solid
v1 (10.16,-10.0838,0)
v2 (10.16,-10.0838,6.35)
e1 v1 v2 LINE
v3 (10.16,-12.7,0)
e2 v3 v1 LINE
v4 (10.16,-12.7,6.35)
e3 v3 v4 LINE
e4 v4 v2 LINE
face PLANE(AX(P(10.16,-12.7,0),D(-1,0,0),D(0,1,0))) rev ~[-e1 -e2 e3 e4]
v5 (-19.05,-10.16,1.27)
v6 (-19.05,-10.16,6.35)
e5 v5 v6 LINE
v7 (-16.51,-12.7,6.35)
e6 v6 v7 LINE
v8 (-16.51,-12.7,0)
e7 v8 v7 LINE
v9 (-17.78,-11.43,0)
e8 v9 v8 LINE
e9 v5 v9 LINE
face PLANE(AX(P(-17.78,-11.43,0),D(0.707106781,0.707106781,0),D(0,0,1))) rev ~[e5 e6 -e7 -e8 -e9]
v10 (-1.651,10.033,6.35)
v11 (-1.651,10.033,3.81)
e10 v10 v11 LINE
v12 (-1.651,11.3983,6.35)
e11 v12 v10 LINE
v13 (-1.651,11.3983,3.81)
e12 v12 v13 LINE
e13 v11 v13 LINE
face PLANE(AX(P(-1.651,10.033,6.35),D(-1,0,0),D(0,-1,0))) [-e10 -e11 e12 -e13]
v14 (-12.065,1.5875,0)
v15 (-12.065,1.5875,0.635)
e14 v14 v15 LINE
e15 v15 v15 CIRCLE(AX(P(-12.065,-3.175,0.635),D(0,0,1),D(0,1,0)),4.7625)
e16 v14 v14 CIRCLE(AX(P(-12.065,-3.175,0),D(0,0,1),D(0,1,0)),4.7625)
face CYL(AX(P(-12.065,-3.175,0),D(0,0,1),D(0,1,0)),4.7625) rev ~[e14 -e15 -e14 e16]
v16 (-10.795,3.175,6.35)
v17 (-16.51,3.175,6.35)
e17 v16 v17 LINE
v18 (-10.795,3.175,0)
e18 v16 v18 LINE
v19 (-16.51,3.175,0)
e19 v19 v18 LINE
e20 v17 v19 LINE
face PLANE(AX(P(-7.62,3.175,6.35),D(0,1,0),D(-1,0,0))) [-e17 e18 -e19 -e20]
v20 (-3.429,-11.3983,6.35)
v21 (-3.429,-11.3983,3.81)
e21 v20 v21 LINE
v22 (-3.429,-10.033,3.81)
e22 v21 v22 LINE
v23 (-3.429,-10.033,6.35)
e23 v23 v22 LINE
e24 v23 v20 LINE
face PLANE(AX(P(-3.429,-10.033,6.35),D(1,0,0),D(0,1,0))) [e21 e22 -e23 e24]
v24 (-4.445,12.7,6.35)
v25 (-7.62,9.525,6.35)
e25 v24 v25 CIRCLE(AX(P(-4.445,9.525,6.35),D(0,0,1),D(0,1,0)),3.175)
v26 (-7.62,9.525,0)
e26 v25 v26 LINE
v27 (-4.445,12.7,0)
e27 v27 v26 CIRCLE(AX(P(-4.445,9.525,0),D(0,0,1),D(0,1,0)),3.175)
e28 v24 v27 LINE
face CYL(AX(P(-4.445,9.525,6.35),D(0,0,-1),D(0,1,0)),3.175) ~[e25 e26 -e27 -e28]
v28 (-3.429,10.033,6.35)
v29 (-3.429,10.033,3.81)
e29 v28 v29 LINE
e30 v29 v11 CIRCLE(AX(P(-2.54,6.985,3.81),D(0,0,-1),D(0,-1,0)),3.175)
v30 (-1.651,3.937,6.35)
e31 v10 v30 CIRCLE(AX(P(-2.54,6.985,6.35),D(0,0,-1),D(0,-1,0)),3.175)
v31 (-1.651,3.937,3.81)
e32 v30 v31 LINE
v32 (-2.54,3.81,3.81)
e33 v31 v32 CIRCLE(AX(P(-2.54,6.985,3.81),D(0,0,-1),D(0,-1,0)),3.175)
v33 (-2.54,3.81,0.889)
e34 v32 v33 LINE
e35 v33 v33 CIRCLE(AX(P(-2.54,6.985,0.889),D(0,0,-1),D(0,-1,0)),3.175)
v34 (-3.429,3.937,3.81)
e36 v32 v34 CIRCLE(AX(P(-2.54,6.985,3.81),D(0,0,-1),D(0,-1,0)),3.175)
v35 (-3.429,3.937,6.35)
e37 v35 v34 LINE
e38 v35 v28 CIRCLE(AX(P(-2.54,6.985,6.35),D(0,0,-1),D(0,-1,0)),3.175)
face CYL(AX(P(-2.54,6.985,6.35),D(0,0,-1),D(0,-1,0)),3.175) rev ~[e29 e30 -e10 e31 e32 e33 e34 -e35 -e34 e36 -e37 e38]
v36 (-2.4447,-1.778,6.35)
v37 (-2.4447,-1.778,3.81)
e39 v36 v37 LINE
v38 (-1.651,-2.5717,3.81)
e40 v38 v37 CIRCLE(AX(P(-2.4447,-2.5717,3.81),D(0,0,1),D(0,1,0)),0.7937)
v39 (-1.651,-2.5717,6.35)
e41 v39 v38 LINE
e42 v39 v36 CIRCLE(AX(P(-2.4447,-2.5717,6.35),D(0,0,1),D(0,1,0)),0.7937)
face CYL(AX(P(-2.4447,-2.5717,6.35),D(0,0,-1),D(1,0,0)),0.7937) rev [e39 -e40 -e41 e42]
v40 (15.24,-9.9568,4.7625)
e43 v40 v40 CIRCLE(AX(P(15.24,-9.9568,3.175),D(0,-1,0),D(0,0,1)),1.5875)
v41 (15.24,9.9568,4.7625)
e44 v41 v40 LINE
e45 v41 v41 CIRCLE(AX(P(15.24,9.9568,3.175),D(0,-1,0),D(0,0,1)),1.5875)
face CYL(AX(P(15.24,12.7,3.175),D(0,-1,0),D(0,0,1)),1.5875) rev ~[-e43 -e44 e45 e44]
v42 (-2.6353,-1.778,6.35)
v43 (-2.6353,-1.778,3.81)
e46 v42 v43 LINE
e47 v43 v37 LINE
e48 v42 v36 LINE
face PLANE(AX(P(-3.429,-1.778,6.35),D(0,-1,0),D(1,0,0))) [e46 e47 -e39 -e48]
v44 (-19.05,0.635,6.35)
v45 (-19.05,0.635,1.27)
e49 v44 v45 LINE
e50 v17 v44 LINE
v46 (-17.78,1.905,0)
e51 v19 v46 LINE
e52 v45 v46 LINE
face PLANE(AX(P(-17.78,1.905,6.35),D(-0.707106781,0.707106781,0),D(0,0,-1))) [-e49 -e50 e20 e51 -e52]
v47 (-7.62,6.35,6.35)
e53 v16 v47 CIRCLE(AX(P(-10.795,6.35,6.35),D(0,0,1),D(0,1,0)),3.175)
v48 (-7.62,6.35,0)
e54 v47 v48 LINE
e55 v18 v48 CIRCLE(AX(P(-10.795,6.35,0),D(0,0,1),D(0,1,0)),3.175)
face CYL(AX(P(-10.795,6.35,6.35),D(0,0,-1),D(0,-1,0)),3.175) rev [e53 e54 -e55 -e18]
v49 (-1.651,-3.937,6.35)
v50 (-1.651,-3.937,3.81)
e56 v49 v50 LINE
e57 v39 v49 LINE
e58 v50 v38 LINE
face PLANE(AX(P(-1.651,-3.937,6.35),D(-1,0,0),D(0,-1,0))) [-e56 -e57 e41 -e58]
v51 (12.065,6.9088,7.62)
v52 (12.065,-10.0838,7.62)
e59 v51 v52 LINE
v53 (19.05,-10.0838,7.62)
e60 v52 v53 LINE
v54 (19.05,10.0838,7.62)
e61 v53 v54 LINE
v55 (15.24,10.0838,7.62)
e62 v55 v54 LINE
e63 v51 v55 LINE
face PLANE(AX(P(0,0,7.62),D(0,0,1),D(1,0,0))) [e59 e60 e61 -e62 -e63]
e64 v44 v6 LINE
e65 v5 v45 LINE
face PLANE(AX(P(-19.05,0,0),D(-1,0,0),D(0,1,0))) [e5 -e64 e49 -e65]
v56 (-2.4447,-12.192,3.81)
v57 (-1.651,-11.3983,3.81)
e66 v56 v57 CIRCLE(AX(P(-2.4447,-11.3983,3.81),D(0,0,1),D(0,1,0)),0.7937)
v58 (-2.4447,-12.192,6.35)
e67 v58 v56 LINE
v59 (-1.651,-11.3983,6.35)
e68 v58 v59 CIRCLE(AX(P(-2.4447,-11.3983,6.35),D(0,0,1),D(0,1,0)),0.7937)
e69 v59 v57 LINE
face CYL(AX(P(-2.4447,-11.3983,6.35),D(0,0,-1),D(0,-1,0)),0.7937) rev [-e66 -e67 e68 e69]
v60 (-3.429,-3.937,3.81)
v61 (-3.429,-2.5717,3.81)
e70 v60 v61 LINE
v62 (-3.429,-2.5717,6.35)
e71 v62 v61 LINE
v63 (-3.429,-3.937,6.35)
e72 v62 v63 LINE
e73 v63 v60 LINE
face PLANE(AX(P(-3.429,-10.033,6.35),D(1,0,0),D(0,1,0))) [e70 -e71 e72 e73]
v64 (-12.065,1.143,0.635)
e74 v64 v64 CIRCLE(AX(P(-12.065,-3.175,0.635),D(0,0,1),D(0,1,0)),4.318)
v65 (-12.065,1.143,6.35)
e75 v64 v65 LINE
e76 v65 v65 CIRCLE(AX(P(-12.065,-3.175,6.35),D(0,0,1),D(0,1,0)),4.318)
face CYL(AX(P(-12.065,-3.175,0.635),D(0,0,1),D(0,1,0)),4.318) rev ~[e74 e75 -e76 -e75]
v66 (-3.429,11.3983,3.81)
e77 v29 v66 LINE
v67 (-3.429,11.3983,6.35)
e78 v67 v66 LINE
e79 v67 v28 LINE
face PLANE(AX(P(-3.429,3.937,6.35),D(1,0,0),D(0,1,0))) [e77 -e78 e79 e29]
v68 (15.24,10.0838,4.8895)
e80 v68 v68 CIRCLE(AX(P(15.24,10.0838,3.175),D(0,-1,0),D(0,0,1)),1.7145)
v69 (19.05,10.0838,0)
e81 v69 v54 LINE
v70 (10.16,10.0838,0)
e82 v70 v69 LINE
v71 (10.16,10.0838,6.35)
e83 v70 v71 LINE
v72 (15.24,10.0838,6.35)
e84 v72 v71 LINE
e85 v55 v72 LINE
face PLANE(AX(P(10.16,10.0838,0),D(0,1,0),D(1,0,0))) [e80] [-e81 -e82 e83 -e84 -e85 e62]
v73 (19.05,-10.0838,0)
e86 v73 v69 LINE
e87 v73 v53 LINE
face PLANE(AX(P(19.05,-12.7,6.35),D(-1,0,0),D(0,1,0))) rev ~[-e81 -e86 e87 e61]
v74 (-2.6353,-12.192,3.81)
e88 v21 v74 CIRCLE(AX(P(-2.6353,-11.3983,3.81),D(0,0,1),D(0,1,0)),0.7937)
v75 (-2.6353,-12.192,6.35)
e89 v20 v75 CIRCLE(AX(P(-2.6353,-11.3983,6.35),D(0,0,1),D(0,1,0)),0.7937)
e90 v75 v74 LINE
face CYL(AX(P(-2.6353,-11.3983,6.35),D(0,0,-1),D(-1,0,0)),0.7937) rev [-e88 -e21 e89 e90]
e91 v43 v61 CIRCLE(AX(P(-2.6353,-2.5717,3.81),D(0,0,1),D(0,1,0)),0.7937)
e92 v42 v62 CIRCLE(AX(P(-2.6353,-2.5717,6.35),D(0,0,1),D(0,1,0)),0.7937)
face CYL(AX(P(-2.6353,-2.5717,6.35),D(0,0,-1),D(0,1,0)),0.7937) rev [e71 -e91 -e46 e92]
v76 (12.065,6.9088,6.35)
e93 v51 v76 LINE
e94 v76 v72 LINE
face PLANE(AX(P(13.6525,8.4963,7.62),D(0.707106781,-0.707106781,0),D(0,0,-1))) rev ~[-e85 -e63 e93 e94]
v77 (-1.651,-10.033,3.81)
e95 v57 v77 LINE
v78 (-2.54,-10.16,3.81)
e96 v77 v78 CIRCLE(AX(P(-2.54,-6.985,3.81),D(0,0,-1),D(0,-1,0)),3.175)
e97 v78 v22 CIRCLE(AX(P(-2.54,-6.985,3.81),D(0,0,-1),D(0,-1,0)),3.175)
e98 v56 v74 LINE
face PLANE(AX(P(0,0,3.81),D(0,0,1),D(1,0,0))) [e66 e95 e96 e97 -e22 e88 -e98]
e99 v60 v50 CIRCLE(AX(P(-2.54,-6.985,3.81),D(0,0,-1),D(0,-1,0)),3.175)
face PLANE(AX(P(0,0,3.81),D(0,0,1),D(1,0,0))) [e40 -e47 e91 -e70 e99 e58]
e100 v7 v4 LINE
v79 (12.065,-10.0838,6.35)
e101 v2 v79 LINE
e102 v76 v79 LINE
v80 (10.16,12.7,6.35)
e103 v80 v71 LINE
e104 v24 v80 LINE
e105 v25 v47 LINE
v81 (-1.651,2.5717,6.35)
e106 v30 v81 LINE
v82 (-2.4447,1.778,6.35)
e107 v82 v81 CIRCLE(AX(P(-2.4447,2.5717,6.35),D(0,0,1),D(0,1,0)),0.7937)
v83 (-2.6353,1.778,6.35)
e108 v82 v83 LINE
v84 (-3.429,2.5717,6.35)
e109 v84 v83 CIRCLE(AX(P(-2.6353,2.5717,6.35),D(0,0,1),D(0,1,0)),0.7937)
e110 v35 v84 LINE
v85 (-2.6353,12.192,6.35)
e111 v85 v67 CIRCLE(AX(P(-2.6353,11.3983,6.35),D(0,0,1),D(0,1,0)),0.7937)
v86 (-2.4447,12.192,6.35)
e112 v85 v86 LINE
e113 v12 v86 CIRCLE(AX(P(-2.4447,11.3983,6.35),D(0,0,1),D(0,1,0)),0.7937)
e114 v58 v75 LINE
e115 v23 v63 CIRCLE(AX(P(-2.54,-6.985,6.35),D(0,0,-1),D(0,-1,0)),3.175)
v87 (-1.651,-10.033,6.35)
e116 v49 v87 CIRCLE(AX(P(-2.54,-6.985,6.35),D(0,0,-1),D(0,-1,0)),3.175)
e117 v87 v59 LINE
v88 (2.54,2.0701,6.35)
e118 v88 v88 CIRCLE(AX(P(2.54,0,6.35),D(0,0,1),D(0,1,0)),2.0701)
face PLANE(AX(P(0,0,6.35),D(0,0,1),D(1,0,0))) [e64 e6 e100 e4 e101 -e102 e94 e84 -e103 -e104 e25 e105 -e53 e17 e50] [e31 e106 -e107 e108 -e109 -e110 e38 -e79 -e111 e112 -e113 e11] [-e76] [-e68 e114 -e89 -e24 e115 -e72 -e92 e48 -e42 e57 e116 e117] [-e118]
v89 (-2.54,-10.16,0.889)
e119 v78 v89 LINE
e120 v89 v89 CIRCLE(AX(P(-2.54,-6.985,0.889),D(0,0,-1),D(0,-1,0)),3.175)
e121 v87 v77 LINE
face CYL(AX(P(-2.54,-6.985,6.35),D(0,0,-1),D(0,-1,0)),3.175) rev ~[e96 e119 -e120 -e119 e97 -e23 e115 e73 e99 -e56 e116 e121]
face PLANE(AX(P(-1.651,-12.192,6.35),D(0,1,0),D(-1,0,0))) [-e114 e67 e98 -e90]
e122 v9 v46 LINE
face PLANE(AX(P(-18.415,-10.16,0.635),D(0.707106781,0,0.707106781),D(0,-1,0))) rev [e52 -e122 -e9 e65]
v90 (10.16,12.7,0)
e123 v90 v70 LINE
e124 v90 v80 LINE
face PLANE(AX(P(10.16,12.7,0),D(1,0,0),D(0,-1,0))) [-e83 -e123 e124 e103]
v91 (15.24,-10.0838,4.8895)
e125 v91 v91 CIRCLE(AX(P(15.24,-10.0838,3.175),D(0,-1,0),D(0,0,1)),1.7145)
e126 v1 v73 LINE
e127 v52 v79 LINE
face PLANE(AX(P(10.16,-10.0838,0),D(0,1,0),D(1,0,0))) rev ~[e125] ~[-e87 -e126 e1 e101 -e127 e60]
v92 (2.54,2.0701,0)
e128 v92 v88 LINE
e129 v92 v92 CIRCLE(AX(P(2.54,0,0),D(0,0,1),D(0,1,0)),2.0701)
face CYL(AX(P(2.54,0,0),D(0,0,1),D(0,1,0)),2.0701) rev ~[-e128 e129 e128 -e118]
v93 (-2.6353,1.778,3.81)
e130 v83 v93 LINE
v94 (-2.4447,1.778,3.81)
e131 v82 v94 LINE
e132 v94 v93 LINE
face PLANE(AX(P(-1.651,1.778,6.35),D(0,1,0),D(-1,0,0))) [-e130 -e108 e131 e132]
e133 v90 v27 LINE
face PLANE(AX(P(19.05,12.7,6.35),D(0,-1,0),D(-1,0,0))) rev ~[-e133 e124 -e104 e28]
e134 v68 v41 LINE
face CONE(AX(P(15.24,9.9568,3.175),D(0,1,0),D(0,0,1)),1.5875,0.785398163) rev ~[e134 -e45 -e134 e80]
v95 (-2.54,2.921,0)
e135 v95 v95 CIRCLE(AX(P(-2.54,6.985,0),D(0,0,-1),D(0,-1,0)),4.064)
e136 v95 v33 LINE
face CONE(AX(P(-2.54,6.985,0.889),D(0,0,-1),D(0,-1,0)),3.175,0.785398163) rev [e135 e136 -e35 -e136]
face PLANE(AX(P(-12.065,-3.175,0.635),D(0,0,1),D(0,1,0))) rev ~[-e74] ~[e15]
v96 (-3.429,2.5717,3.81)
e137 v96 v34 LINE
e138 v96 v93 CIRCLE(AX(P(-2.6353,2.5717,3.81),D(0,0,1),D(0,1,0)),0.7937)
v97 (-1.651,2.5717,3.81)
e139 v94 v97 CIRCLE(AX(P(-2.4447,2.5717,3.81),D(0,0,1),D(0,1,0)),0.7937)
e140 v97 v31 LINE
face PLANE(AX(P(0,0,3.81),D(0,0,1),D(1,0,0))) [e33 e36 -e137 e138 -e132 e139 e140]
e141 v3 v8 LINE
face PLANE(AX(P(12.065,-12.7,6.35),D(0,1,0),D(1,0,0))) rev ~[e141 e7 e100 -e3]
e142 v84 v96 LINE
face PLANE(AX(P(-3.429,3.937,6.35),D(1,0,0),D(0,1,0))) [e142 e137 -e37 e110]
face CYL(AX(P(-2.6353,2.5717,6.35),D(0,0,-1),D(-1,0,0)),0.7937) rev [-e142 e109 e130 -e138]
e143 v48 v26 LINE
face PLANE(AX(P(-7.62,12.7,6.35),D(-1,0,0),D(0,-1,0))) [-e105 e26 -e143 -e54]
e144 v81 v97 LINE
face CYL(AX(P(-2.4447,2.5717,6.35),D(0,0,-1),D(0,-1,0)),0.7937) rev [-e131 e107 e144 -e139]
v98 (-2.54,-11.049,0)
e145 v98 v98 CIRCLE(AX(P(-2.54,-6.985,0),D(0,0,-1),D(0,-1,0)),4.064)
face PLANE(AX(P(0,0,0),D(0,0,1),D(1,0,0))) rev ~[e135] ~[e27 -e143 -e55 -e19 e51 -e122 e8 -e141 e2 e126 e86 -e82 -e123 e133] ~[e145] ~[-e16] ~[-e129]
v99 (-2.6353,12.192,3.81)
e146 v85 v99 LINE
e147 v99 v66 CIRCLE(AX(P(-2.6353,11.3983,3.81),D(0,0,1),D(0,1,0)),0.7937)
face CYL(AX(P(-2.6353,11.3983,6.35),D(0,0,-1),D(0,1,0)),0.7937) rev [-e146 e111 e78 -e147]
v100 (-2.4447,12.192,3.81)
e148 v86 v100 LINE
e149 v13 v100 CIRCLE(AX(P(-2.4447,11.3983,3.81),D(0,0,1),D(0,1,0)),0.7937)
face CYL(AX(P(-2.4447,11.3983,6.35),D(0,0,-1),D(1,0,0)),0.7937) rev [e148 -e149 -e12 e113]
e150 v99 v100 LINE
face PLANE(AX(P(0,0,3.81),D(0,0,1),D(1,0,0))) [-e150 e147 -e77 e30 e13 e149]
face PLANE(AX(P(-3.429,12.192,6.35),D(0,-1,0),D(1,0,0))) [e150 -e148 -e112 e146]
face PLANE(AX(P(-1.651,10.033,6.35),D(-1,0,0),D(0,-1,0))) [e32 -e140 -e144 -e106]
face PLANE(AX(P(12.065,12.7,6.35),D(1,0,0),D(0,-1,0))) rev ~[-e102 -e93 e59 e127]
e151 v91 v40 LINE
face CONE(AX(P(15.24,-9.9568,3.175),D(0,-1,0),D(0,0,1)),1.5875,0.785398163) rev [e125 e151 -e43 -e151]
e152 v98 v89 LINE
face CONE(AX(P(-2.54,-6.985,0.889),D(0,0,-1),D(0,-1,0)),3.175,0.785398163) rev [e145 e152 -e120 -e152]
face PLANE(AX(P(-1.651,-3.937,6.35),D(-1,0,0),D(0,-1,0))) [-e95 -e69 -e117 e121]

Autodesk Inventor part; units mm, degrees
ref_plane "YZ Plane" through (0, 0, 0) normal (1, 0, 0) x (0, 1, 0)
ref_plane "XZ Plane" through (0, 0, 0) normal (0, 1, 0) x (-1, 0, 0)
ref_plane "XY Plane" through (0, 0, 0) normal (0, 0, 1) x (1, 0, 0)
sketch "Sketch1" plane through (0, 0, 0) normal (0, 0, 1) x (1, 0, 0)
  line L0 (0, 17.78) -> (0, -17.78) projected
  line L1 (-26.67, 0) -> (26.67, 0) projected
  line L2 (19.05, -12.7) -> (-19.05, -12.7)
  line L3 (-19.05, -12.7) -> (-19.05, 12.7)
  line L4 (-19.05, 12.7) -> (19.05, 12.7)
  line L5 (19.05, 12.7) -> (19.05, -12.7)
  line L6 (19.05, -12.7) -> (-19.05, 12.7) construction
  line L7 (-19.05, -12.7) -> (19.05, 12.7) construction
  point P0 (0, 0)
  dimension "d0" = 25.4
  dimension "d1" = 38.1
extrude "Extrusion1" add sketch "Sketch1" along normal blind 6.35
sketch "Sketch2" plane through (0, 0, 0) normal (0, 0, 1) x (1, 0, 0)
  line L0 (0, 4.445) -> (0, -4.445) projected
  line L1 (-14.986, 0) -> (5.461, 0) projected
  point P0 (0, 0)
  point P1 (2.54, 0)
  point P2 (-12.065, -3.175)
  dimension "d27" = 12.065
  dimension "d35" = 2.54
  dimension "d48" = 3.175
  dimension "d54" = 0
hole "Hole1" at (2.54, 0, 0) direction (0, 0, 1) diameter 4.1402 end through all
sketch "Sketch4" plane through (-19.05, 12.7, 6.35) normal (0, 1, 0) x (1, 0, 0)
  line L0 (19.05, 15.24) -> (19.05, -2.54) projected
  line L1 (45.72, 6.35) -> (-7.62, 6.35) projected
  line L2 (38.1, 6.35) -> (38.1, 0) projected
  line L3 (38.1, 0) -> (0, 0) projected
  point P0 (19.05, 6.35)
  point P1 (34.29, 3.175)
  point P2 (38.1, 12.7)
  dimension "d36" = 3.81
  dimension "d37" = 3.175
hole "Hole2" at (15.24, 12.7, 3.175) direction (0, -1, 0) diameter 3.175 end through all
hole "Hole3" at (-12.065, -3.175, 0) direction (0, 0, 1) diameter 8.636 end through all counterbore diameter 9.525 counterbore depth 0.635
sketch "Sketch5" plane through (0, 0, 6.35) normal (0, 0, 1) x (1, 0, 0)
  line L0 (19.05, -12.7) -> (19.05, 12.7) projected
  line L1 (19.05, 12.7) -> (-19.05, 12.7) projected
  line L2 (-19.05, -12.7) -> (19.05, -12.7) projected
  line L3 (19.05, 12.7) -> (12.065, 12.7)
  line L4 (12.065, 12.7) -> (12.065, -12.7)
  line L5 (12.065, -12.7) -> (19.05, -12.7)
  line L6 (19.05, -12.7) -> (19.05, 12.7)
  circle A0 centre (2.54, 0) radius 2.0701 projected
  point P0 (0, 0)
  dimension "d39" = 6.985
  dimension "d40" = 9.525
extrude "Extrusion3" add sketch "Sketch5" along normal blind 1.27 contours L2 L4 L1 L0
sketch "Sketch6" plane through (0, 0, 0) normal (0, 0, 1) x (1, 0, 0)
  line L0 (0, 13.335) -> (0, -13.335) projected
  line L1 (-26.67, 0) -> (26.67, 0) projected
  line L2 (12.065, 12.7) -> (-19.05, 12.7) projected
  line L3 (-19.05, -12.7) -> (12.065, -12.7) projected
  line L4 (19.05, -12.7) -> (19.05, 12.7) projected
  line L5 (19.05, 12.7) -> (10.16, 12.7)
  line L6 (10.16, 12.7) -> (10.16, 10.0838)
  line L7 (10.16, 10.0838) -> (19.05, 10.0838)
  line L8 (19.05, 10.0838) -> (19.05, 12.7)
  line L9 (19.05, -12.7) -> (10.16, -12.7)
  line L10 (10.16, -12.7) -> (10.16, -10.0838)
  line L11 (10.16, -10.0838) -> (19.05, -10.0838)
  line L12 (19.05, -10.0838) -> (19.05, -12.7)
  point P0 (0, 0)
  dimension "d43" = 2.6162
  dimension "d44" = 2.6162
  dimension "d45" = 8.89
extrude "Extrusion4" cut sketch "Sketch6" along normal up to next contours L2 L5 L4 L7 L6 | L10 L11 L4 L9 L3
sketch "Sketch7" plane through (0, 0, 6.35) normal (0, 0, 1) x (1, 0, 0)
  line L0 (-19.05, 12.7) -> (-19.05, -12.7) projected
  line L1 (10.16, 12.7) -> (-19.05, 12.7) projected
  line L2 (-19.05, 12.7) -> (-7.62, 12.7)
  line L3 (-7.62, 12.7) -> (-7.62, 3.175)
  line L4 (-7.62, 3.175) -> (-19.05, 3.175)
  line L5 (-19.05, 3.175) -> (-19.05, 12.7)
  point P0 (0, 0)
  dimension "d49" = 9.525
  dimension "d50" = 11.43
extrude "Extrusion5" cut sketch "Sketch7" against normal up to next
fillet "Fillet2" radius 3.175 1 edges at (-7.62, 3.175, 3.175)
chamfer "Chamfer1" distance 2.54 angle 45 1 edges at (-19.05, 3.175, 3.175)
chamfer "Chamfer2" distance 2.54 angle 45 1 edges at (-19.05, -12.7, 3.175)
chamfer "Chamfer3" distance 3.175 angle 45 1 edges at (12.065, 10.0838, 6.985)
fillet "Fillet3" radius 3.175 1 edges at (-7.62, 12.7, 3.175)
sketch "Sketch8" plane through (0, 0, 6.35) normal (0, 0, 1) x (1, 0, 0)
  line L0 (0, 17.78) -> (0, -17.78) projected
  line L1 (-26.67, 0) -> (26.67, 0) projected
  point P0 (0, 0)
  point P1 (-2.54, 6.985)
  point P2 (-2.54, -6.985)
  dimension "d69" = 13.97
  dimension "d70" = 6.985
  dimension "d71" = 2.54
hole "Hole4" at (-2.54, -6.985, 6.35) at (-2.54, 6.985, 6.35) direction (0, 0, -1) diameter 6.35 end through all
sketch "Sketch9" plane through (0, 0, 6.35) normal (0, 0, 1) x (1, 0, 0)
  circle A0 centre (-2.54, 6.985) radius 3.175 projected
  circle A1 centre (-2.54, -6.985) radius 3.175 projected
  line L0 (-1.651, 1.778) -> (-3.429, 1.778)
  line L1 (-3.429, 1.778) -> (-3.429, 12.192)
  line L2 (-3.429, 12.192) -> (-1.651, 12.192)
  line L3 (-1.651, 12.192) -> (-1.651, 1.778)
  line L4 (-1.651, 1.778) -> (-3.429, 12.192) construction
  line L5 (-3.429, 1.778) -> (-1.651, 12.192) construction
  line L6 (-1.651, -12.192) -> (-3.429, -12.192)
  line L7 (-3.429, -12.192) -> (-3.429, -1.778)
  line L8 (-3.429, -1.778) -> (-1.651, -1.778)
  line L9 (-1.651, -1.778) -> (-1.651, -12.192)
  line L10 (-1.651, -12.192) -> (-3.429, -1.778) construction
  line L11 (-3.429, -12.192) -> (-1.651, -1.778) construction
  point P0 (0, 0)
  dimension "d79" = 10.414
  dimension "d80" = 1.778
  dimension "d81" = 10.414
  dimension "d82" = 1.778
extrude "Extrusion6" cut sketch "Sketch9" against normal blind 2.54 contours L3 A0 L1 | A0 L1 L2 L3 | L3 L0 L1 A0 | L9 A1 L7 | A1 L7 L8 L9 | L9 L6 L7 A1
fillet "Fillet4" radius 0.7937 8 edges at (-1.651, -12.192, 5.08) (-3.429, -12.192, 5.08) (-1.651, -1.778, 5.08) (-3.429, -1.778, 5.08) (-1.651, 1.778, 5.08) (-3.429, 1.778, 5.08) (-1.651, 12.192, 5.08) (-3.429, 12.192, 5.08)
chamfer "Chamfer4" distance 1.27 angle 45 1 edges at (-19.05, -4.7625, 0)
chamfer "Chamfer5" distance 0.889 angle 45 2 edges at (-2.54, -3.81, 0) (-2.54, 10.16, 0)
chamfer "Chamfer6" distance 0.127 angle 45 2 edges at (15.24, -10.0838, 1.5875) (15.24, 10.0838, 1.5875)
equation "\"d44\" = d43"
properties part number "J005822" material "ALUMINUM, 6061-T651"
